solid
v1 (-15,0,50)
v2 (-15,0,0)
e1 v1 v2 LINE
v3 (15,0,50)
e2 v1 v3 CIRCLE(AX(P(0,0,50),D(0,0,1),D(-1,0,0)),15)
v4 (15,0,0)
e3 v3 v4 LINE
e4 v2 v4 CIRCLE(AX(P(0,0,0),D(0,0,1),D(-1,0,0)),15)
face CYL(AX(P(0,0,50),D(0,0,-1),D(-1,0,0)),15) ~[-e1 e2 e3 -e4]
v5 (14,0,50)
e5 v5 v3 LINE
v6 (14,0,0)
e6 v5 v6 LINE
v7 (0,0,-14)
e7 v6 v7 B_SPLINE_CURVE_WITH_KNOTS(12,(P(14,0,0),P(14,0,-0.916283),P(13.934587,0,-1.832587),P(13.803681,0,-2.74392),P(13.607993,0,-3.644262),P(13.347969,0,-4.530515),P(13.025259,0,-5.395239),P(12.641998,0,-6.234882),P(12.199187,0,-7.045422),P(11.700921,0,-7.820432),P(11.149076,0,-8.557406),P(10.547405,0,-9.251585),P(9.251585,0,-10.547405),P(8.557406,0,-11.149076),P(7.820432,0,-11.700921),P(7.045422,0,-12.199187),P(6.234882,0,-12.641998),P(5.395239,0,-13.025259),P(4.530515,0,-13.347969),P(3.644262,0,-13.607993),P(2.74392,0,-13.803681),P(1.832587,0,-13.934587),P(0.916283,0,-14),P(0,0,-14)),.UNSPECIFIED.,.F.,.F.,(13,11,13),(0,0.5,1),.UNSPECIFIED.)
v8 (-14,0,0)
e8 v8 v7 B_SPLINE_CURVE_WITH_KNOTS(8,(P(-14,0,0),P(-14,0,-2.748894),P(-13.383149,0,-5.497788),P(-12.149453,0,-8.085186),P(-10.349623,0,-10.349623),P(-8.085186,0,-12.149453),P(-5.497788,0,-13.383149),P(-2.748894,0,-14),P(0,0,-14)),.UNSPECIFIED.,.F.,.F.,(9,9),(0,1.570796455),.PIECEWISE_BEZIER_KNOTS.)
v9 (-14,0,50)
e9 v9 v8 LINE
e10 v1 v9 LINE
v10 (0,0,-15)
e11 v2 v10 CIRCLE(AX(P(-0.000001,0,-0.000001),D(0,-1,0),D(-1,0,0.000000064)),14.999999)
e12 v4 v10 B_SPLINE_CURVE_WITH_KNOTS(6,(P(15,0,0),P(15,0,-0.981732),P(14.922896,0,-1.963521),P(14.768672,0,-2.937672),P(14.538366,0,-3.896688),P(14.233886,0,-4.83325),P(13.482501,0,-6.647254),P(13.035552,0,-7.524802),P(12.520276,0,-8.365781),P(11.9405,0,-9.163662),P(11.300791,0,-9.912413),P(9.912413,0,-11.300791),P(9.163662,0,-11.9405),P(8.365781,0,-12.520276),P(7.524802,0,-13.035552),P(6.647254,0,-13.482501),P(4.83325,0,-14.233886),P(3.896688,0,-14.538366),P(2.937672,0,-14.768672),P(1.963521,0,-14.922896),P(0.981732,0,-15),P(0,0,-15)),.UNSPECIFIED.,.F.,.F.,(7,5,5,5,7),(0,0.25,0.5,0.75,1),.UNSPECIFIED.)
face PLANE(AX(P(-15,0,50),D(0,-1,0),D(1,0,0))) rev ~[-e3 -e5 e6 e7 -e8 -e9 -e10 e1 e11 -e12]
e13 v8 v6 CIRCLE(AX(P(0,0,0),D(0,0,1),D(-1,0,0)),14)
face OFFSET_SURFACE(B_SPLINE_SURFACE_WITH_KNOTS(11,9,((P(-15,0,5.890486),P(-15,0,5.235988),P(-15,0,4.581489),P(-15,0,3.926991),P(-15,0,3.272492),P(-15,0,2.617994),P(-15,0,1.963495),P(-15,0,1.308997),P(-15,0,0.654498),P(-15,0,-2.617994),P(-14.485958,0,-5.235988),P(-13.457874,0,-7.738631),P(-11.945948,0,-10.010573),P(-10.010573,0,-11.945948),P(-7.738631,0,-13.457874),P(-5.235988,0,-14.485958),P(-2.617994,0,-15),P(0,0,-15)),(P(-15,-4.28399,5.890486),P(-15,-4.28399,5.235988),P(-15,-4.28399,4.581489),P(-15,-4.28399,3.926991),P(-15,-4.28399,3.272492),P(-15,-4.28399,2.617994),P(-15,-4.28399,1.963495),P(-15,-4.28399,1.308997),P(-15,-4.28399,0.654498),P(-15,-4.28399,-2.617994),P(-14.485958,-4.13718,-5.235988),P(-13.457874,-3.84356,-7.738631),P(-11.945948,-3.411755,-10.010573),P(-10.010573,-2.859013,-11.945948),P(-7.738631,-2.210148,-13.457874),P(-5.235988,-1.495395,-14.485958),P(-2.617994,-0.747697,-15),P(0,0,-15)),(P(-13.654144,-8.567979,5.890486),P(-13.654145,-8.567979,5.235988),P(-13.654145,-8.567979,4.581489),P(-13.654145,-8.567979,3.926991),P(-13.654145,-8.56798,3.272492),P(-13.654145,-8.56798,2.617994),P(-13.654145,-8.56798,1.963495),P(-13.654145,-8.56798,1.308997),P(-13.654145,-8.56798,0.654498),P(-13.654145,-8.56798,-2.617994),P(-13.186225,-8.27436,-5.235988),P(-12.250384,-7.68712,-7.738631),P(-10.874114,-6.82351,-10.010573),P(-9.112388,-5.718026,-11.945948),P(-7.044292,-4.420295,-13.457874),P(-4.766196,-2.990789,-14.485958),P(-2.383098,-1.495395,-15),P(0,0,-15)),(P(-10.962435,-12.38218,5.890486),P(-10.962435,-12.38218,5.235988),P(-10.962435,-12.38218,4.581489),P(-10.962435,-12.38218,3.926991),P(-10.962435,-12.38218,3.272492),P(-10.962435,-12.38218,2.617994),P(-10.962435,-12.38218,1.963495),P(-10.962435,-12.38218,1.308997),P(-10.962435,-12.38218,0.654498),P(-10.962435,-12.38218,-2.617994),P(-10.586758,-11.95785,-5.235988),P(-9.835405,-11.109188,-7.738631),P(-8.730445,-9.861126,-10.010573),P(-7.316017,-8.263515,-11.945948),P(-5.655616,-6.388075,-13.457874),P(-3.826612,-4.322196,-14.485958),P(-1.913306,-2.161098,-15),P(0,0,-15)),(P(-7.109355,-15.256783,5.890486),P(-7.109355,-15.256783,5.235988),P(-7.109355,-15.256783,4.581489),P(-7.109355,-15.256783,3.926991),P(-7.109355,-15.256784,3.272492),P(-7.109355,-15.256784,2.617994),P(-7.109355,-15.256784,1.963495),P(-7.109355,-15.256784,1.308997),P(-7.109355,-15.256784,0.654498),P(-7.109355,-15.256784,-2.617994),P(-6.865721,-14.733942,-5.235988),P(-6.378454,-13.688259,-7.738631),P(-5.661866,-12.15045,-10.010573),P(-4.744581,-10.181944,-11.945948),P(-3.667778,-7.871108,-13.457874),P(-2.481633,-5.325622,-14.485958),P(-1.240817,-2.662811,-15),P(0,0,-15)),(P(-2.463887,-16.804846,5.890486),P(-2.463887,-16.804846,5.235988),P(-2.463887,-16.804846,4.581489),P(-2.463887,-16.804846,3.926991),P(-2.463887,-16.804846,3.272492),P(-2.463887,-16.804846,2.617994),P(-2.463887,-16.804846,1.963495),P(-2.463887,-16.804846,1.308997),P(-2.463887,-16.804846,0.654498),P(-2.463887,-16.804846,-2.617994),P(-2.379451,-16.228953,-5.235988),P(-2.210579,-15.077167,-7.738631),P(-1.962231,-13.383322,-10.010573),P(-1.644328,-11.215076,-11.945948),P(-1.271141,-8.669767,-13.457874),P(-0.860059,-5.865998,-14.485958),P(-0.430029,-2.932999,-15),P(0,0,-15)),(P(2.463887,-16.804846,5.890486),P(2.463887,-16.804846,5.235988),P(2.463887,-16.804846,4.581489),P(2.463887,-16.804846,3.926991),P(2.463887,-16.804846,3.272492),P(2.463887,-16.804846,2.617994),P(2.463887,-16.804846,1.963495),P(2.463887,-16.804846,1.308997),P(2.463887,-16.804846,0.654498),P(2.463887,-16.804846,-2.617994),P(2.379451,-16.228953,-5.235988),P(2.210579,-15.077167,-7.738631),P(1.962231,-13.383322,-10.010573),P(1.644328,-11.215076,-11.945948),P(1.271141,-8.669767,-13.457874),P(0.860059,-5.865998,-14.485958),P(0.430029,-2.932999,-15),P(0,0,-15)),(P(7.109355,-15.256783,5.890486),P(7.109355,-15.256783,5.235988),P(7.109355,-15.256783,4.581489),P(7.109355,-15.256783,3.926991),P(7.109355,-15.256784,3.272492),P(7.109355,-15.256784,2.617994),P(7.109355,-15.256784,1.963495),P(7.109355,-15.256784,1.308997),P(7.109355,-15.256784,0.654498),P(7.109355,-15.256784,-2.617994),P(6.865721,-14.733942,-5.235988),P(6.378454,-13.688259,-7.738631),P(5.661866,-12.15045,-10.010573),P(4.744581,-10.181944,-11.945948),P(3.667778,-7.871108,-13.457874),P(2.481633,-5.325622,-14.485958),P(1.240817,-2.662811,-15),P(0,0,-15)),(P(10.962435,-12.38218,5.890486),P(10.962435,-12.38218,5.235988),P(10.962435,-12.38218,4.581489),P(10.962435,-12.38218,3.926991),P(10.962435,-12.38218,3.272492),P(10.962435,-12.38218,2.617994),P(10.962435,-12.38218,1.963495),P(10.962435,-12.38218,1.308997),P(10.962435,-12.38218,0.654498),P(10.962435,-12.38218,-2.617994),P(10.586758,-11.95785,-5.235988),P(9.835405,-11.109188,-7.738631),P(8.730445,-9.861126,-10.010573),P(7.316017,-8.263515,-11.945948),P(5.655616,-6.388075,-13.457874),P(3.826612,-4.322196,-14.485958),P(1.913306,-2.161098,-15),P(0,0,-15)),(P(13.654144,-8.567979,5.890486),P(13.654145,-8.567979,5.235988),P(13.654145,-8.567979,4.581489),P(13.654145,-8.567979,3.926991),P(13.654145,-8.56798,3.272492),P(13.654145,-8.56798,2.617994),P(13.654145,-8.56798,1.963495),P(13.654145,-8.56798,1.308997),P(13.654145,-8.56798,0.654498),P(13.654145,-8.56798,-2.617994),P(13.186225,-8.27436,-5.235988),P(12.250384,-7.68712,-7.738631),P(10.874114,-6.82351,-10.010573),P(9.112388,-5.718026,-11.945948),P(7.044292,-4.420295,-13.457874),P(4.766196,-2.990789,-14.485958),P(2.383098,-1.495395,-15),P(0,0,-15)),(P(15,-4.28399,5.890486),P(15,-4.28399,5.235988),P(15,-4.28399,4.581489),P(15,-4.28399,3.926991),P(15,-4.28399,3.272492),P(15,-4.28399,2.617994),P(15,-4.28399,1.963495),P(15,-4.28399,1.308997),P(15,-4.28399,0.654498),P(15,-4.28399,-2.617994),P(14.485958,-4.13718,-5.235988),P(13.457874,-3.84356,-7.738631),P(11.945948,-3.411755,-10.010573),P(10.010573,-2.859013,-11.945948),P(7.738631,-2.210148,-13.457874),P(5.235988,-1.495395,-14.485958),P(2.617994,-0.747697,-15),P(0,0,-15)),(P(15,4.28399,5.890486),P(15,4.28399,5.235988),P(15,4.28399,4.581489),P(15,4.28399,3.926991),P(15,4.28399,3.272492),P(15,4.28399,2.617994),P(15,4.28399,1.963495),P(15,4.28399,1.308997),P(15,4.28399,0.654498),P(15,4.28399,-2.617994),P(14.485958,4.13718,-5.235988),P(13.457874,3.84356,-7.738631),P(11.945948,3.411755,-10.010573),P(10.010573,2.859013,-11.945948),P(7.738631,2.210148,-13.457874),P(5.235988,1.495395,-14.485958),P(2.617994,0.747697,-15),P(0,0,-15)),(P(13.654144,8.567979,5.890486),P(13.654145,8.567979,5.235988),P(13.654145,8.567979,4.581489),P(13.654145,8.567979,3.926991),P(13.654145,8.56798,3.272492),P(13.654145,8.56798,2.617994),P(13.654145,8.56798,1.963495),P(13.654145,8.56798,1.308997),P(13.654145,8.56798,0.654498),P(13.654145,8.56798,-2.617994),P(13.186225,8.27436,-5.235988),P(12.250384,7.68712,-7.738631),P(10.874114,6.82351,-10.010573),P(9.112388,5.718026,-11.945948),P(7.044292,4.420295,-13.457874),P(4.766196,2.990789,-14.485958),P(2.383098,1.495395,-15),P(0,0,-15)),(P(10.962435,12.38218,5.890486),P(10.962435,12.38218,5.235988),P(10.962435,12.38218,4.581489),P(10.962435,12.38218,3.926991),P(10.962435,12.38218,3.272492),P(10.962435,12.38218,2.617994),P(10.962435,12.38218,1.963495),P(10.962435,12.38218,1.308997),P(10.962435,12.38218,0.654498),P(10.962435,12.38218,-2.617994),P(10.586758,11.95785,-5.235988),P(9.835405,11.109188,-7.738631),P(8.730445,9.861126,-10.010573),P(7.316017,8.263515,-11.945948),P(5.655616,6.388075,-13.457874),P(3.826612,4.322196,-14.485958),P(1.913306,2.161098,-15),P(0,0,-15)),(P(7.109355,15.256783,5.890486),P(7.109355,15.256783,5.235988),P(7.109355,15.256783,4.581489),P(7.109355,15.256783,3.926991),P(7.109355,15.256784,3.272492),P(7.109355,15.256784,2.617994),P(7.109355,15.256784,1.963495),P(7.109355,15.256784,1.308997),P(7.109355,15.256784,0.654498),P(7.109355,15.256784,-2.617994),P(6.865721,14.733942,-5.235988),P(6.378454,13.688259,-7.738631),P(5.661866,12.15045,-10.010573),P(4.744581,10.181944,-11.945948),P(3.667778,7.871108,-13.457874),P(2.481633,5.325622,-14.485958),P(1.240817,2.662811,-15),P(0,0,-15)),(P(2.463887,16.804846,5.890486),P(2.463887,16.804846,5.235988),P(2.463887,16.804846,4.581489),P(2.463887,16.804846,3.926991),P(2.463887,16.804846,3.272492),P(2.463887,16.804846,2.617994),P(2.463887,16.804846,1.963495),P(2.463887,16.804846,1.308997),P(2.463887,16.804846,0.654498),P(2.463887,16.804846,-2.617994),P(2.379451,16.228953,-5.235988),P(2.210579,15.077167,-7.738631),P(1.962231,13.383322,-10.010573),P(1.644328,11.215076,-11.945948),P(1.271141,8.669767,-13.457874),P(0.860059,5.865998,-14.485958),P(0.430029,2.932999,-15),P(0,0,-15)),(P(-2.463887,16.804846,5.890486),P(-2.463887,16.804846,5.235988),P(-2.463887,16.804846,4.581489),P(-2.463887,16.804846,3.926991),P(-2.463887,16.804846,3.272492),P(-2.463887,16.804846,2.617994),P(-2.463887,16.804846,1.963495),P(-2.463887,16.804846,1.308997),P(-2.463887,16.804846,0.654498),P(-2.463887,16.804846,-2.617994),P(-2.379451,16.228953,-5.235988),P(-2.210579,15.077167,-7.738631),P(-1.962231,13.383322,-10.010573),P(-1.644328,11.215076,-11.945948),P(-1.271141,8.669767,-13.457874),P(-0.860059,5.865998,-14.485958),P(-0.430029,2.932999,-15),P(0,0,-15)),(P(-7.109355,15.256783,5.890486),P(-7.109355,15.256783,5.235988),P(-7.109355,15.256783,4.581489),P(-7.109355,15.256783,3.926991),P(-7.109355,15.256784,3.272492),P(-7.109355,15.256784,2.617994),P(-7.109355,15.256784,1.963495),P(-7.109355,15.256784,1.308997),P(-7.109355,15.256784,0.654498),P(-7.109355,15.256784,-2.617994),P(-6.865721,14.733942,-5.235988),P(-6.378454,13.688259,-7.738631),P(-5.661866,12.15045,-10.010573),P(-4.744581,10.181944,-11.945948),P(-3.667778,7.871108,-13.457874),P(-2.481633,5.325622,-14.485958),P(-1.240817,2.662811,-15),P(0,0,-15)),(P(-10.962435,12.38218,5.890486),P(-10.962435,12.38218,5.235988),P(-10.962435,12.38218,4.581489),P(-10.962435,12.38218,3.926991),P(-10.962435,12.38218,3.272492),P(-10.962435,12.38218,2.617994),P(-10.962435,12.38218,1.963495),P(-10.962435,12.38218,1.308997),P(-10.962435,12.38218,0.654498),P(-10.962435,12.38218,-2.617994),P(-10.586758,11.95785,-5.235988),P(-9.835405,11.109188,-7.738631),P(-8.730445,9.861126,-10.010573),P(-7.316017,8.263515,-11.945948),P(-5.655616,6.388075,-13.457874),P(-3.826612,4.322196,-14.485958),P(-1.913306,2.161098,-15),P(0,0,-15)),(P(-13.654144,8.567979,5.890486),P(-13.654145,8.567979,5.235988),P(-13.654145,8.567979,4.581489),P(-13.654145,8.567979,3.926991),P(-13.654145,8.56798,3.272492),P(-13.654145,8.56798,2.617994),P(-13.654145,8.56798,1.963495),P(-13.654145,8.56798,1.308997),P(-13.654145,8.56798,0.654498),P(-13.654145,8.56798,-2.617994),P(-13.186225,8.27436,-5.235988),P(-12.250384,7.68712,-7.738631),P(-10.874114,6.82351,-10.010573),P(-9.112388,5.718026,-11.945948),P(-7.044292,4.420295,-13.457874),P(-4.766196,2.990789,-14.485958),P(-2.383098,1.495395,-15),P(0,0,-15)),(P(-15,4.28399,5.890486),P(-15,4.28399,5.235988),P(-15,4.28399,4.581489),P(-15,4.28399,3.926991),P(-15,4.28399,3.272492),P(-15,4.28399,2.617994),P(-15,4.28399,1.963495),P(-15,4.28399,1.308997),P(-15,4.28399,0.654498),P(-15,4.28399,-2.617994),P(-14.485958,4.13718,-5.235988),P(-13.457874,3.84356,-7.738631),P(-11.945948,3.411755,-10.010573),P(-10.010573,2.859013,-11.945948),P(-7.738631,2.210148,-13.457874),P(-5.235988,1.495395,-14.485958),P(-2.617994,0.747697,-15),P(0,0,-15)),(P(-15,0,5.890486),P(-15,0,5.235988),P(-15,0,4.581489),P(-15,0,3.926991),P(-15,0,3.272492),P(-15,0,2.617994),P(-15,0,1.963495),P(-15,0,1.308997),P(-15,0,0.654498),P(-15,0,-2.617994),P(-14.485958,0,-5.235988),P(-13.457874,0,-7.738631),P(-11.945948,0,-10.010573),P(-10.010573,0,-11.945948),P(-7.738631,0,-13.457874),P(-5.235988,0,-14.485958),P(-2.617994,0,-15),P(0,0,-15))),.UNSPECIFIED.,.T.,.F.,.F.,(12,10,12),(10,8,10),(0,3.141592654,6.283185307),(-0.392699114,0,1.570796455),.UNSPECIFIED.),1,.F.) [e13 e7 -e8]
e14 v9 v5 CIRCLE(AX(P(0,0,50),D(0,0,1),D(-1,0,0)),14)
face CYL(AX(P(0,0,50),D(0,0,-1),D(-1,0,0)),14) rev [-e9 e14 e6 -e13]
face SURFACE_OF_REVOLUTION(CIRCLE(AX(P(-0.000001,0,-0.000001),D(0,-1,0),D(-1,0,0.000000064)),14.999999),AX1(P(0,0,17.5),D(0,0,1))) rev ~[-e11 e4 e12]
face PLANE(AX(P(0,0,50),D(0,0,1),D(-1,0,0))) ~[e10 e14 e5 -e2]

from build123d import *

# Parameters (mm, degrees)
F4_DEPTH = 65.001
F5_T     = -1


with BuildPart() as f1:
    # F0 (on Front) → F1 (revolve)
    with BuildSketch(Plane.XZ):
        with BuildLine():
            Line((-15, 50), (-15, 0))
            ThreePointArc((-15, 0), (-10.606602, -10.606602), (0, -15))
            Line((0, -15), (0, 50))
            Line((0, 50), (-15, 50))
        make_face()
    revolve(axis=Axis((0, 0, 17.5), (0, 0, 1)))

    # F3 (on offset) → F4 (cut, through all)
    with BuildSketch(Plane.XY.offset(50)):
        with BuildLine():
            Line((-15, 0), (15, 0))
            ThreePointArc((15, 0), (0, 15), (-15, 0))
        make_face()
    extrude(amount=-F4_DEPTH, mode=Mode.SUBTRACT)

    # F5
    f5_openings = [f1.faces().sort_by_distance(p)[0] for p in [
        (0, 0, 19.018801),
        (0, -6.366198, 50),
    ]]
    offset(amount=F5_T, openings=f5_openings)


solid = f1.part
